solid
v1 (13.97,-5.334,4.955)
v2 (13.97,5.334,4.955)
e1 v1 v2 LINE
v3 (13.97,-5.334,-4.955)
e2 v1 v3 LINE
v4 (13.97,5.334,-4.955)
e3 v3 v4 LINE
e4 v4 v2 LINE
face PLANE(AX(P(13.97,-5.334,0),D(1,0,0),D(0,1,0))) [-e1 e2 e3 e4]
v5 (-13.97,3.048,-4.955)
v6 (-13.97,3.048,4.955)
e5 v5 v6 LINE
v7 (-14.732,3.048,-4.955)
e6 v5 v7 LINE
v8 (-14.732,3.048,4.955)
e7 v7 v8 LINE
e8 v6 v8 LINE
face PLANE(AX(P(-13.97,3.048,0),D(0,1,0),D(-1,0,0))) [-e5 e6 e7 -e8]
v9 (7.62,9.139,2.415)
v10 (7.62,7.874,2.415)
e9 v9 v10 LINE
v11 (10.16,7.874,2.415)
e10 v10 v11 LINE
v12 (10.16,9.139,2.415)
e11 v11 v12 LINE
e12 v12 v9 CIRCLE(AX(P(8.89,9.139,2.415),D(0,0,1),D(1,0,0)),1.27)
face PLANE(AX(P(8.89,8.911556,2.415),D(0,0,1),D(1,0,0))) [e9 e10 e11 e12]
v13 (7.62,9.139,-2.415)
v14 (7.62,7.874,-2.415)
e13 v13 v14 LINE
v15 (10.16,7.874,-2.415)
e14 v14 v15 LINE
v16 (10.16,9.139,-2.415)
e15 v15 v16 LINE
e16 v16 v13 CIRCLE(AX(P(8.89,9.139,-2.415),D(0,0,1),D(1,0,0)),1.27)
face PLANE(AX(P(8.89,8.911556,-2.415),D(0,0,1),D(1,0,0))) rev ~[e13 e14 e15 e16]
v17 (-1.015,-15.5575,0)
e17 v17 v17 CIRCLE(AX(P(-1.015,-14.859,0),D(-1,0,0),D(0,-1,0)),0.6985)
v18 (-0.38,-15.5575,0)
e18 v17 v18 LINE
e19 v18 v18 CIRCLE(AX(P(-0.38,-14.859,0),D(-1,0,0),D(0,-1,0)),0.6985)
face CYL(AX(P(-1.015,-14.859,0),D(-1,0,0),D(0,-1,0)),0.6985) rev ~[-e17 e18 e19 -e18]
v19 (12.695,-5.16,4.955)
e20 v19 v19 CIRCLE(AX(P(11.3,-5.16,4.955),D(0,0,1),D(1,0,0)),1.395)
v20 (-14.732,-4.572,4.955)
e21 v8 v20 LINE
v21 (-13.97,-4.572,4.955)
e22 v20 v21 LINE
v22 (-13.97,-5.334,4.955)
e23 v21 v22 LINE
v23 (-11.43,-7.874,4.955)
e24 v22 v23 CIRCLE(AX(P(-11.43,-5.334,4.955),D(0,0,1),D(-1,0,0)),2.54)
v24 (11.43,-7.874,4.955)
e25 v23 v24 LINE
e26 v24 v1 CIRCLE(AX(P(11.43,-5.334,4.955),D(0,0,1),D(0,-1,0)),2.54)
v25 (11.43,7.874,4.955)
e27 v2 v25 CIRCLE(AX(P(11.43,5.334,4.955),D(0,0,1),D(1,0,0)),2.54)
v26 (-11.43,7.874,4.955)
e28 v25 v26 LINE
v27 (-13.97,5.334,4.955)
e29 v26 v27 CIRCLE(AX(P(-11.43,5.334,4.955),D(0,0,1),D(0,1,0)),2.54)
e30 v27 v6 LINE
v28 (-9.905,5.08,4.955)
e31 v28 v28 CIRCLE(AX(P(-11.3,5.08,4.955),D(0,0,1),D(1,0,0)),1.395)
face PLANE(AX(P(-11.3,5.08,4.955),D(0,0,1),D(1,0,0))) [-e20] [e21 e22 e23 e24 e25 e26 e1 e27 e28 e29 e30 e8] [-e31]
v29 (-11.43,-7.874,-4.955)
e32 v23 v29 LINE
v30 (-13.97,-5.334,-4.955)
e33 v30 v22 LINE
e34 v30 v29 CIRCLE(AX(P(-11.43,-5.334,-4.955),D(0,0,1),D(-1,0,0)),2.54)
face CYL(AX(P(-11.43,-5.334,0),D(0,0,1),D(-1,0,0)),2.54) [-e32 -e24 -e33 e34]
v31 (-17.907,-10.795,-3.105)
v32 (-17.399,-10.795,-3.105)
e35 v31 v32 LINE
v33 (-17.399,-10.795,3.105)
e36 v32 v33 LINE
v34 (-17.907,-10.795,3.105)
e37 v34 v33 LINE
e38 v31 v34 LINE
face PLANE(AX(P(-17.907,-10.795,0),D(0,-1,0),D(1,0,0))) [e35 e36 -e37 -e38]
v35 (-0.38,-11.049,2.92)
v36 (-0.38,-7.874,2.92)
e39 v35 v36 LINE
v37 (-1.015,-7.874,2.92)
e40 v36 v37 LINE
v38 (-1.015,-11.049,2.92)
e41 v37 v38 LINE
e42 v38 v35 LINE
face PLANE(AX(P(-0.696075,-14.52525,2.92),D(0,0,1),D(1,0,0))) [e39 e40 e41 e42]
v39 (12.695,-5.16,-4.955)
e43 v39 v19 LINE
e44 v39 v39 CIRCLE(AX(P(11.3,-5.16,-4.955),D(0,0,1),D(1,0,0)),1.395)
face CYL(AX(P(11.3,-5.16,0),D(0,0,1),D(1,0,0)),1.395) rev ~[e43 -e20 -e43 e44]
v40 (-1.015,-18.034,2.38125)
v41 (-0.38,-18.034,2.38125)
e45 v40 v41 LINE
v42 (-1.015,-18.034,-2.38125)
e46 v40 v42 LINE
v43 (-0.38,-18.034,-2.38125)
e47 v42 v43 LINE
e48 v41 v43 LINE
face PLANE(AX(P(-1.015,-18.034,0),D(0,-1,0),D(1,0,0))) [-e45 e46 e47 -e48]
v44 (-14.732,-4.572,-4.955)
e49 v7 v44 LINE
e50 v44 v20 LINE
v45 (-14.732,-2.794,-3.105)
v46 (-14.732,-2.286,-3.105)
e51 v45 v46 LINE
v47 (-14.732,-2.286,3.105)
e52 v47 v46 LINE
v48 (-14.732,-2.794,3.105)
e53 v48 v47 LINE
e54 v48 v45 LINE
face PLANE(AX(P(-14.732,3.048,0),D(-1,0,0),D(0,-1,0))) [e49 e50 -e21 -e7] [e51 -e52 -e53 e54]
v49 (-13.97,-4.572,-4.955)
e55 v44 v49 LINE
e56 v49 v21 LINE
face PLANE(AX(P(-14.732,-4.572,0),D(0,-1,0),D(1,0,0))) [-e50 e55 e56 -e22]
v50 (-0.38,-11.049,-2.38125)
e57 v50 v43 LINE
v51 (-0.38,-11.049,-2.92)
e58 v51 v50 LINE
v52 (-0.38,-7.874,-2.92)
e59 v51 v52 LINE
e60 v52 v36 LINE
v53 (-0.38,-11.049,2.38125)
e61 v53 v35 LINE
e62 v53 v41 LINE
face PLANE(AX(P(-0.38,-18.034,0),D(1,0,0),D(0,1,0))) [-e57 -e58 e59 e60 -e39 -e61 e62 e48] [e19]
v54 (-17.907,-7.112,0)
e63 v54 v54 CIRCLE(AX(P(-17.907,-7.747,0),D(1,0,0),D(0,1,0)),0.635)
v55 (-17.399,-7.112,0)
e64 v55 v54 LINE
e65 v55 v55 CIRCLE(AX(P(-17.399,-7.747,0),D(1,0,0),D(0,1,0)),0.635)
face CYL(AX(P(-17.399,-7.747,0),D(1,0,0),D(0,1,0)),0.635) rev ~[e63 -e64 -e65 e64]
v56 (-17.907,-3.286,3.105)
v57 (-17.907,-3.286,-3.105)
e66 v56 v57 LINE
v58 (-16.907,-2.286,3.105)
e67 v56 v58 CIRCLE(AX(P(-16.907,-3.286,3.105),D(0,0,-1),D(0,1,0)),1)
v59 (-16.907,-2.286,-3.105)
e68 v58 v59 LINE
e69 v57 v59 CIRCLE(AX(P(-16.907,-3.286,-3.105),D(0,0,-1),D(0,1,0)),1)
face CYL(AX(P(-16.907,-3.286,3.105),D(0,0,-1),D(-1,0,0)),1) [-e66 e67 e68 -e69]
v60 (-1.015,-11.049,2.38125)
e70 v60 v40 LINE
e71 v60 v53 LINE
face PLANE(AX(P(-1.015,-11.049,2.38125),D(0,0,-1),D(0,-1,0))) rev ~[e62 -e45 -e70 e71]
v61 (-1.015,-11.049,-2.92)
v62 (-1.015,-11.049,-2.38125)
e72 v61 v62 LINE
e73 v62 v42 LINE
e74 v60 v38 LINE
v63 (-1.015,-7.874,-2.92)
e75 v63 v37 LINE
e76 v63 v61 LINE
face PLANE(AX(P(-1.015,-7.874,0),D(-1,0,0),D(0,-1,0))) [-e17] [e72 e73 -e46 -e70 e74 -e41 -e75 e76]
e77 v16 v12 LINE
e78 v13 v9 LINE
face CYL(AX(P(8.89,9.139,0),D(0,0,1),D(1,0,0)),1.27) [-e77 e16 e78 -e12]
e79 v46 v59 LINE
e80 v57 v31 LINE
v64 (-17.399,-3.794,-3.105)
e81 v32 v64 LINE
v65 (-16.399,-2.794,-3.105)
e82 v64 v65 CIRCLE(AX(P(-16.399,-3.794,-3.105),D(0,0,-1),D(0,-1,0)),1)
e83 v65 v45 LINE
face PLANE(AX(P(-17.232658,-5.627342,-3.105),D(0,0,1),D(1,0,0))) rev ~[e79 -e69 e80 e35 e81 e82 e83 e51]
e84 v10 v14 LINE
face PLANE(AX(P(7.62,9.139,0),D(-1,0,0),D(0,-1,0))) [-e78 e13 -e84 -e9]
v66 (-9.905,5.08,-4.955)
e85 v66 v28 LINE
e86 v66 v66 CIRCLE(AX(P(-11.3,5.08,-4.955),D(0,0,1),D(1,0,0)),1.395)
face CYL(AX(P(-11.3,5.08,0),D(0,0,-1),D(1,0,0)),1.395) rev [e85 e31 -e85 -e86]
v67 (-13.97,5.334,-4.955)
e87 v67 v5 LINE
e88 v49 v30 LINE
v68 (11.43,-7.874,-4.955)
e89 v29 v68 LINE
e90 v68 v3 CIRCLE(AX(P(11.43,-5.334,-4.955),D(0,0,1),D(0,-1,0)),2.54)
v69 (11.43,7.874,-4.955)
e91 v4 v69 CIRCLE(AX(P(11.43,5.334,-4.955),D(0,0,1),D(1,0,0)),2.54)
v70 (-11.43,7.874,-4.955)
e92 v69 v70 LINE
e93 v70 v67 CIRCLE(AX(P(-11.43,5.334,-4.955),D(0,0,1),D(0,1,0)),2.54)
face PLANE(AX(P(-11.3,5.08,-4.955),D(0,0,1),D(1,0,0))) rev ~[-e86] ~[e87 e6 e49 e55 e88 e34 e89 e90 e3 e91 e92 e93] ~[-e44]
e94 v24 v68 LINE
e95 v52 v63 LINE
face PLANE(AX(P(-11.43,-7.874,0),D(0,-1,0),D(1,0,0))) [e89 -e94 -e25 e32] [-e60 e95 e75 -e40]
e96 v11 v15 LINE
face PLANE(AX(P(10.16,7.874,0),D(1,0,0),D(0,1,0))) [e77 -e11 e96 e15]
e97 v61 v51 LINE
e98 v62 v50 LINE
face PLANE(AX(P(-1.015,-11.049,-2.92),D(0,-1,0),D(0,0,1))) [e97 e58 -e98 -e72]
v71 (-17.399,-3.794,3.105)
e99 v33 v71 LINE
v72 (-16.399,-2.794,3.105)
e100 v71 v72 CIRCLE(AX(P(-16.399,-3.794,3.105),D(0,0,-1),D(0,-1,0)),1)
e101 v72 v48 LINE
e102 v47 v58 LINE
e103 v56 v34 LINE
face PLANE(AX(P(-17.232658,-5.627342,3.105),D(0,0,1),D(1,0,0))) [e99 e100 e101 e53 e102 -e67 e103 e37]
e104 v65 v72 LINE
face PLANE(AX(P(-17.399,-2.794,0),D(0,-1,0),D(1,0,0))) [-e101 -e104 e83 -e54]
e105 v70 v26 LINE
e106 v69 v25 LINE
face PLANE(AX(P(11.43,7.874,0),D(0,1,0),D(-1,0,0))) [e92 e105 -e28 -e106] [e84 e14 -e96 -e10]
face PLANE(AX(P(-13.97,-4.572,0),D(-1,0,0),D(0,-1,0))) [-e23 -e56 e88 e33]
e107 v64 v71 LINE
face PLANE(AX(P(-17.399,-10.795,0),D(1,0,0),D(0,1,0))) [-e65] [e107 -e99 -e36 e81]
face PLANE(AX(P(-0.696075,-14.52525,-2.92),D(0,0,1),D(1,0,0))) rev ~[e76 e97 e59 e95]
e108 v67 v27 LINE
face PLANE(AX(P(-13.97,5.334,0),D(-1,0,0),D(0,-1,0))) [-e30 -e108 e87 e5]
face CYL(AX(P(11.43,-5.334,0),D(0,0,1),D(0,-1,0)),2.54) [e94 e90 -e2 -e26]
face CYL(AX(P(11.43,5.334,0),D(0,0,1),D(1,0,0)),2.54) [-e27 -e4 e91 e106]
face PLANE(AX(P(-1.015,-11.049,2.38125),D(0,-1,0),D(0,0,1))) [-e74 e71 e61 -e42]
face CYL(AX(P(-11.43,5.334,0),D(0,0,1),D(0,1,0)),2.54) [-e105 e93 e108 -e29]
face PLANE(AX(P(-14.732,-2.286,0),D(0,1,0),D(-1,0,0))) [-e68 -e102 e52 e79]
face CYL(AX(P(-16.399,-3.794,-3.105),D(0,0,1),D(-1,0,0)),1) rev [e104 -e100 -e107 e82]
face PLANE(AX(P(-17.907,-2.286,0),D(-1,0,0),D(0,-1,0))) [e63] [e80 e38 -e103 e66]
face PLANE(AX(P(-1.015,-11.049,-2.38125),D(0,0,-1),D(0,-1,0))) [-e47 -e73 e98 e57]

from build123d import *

# Parameters (mm, degrees)
SKETCH1_R      = 1.395
EXTRUDE1_DEPTH = 4.955
EXTRUDE2_DEPTH = 3.105
EXTRUDE3_DEPTH = 2.415
EXTRUDE4_DEPTH = 2.92
EXTRUDE5_REACH = 16.985
SKETCH5_W      = 6.985
SKETCH5_H      = 0.53875
SKETCH5_R      = 0.6985
SKETCH6_R      = 0.635
EXTRUDE7_DEPTH = 1.508
SKETCH_R       = 1.395
EXTRUDE8_DEPTH = 7.92
FILLET1_R      = 1


with BuildPart() as part:
    # Sketch1 → Extrude1 (new body, symmetric)
    with BuildSketch(Plane.XY):
        with Locations((-11.3, 5.08)):
            Circle(SKETCH1_R)
        with BuildLine():
            Line((13.97, -5.334), (13.97, 5.334))
            ThreePointArc((13.97, 5.334), (13.226051224, 7.130051224), (11.43, 7.874))
            Line((11.43, 7.874), (-11.43, 7.874))
            ThreePointArc((-11.43, 7.874), (-13.226051224, 7.130051224), (-13.97, 5.334))
            Line((-13.97, 5.334), (-13.97, 3.048))
            Line((-13.97, 3.048), (-14.732, 3.048))
            Line((-14.732, 3.048), (-14.732, -4.572))
            Line((-14.732, -4.572), (-13.97, -4.572))
            Line((-13.97, -4.572), (-13.97, -5.334))
            ThreePointArc((-13.97, -5.334), (-13.226051224, -7.130051224), (-11.43, -7.874))
            Line((-11.43, -7.874), (11.43, -7.874))
            ThreePointArc((11.43, -7.874), (13.226051224, -7.130051224), (13.97, -5.334))
        make_face()
        with Locations((11.3, -5.16)):
            Circle(SKETCH1_R, mode=Mode.SUBTRACT)
        with Locations((-11.3, 5.08)):
            Circle(SKETCH1_R, mode=Mode.SUBTRACT)
        with Locations((11.3, -5.16)):
            Circle(SKETCH1_R)
    extrude(amount=EXTRUDE1_DEPTH, both=True)

    # Sketch2 → Extrude2 (add, symmetric)
    with BuildSketch(Plane.XY):
        Polygon((-17.907, -2.286), (-17.907, -10.795), (-17.399, -10.795), (-17.399, -2.794), (-14.732, -2.794), (-14.732, -2.286), align=None)
    extrude(amount=EXTRUDE2_DEPTH, both=True)

    # Sketch3 → Extrude3 (add, symmetric)
    with BuildSketch(Plane.XY):
        with BuildLine():
            Line((10.16, 7.874), (10.16, 9.139))
            ThreePointArc((10.16, 9.139), (8.89, 10.409), (7.62, 9.139))
            Line((7.62, 9.139), (7.62, 7.874))
            Line((7.62, 7.874), (10.16, 7.874))
        make_face()
    extrude(amount=EXTRUDE3_DEPTH, both=True)

    # Sketch4 → Extrude4 (add, symmetric)
    with BuildSketch(Plane.XY):
        Polygon((-0.38, -18.034), (-0.38, -10.984), (-1.015, -11.05270614), (-1.015, -18.034), align=None)
        Polygon((-1.015, -11.05270614), (-0.38, -10.984), (-0.38, -7.874), (-1.015, -7.874), (-1.015, -10.414), align=None)
    extrude(amount=EXTRUDE4_DEPTH, both=True)

    # Sketch5 → Extrude5 (cut, up to next)
    with BuildSketch(Plane(origin=(-1.015, -13.250765139, 0), x_dir=(0, -1, 0), z_dir=(-1, 0, 0)), mode=Mode.PRIVATE) as extrude5_sk1:
        with Locations((1.290734861, -2.650625)):
            Rectangle(SKETCH5_W, SKETCH5_H)
    extrude5_tool1 = extrude(extrude5_sk1.sketch, amount=-EXTRUDE5_REACH, mode=Mode.PRIVATE) & part.part
    add(extrude5_tool1.solids().sort_by_distance((-1.015, -14.5415, -2.650625))[0], mode=Mode.SUBTRACT)
    # Sketch5 → Extrude5 (cut, up to next)
    with BuildSketch(Plane(origin=(-1.015, -13.250765139, 0), x_dir=(0, -1, 0), z_dir=(-1, 0, 0)), mode=Mode.PRIVATE) as extrude5_sk2:
        with Locations((1.290734861, 2.650625)):
            Rectangle(SKETCH5_W, SKETCH5_H)
    extrude5_tool2 = extrude(extrude5_sk2.sketch, amount=-EXTRUDE5_REACH, mode=Mode.PRIVATE) & part.part
    add(extrude5_tool2.solids().sort_by_distance((-1.015, -14.5415, 2.650625))[0], mode=Mode.SUBTRACT)
    # Sketch5 → Extrude5 (cut, up to next)
    with BuildSketch(Plane(origin=(-1.015, -13.250765139, 0), x_dir=(0, -1, 0), z_dir=(-1, 0, 0)), mode=Mode.PRIVATE) as extrude5_sk3:
        with Locations((1.608234861, 0)):
            Circle(SKETCH5_R)
    extrude5_tool3 = extrude(extrude5_sk3.sketch, amount=-EXTRUDE5_REACH, mode=Mode.PRIVATE) & part.part
    add(extrude5_tool3.solids().sort_by_distance((-1.015, -14.859, 0))[0], mode=Mode.SUBTRACT)

    # Sketch6 → Extrude7 (cut, through all)
    with BuildSketch(Plane(origin=(-17.399, 14.605, 0), x_dir=(0, 1, 0), z_dir=(1, 0, 0))):
        with Locations((-22.352, 0)):
            Circle(SKETCH6_R)
    extrude(amount=-EXTRUDE7_DEPTH, mode=Mode.SUBTRACT)

    # Sketch → Extrude8 (cut, symmetric)
    with BuildSketch(Plane.XY):
        with Locations((-11.3, 5.08)):
            Circle(SKETCH_R)
        with Locations((11.3, -5.16)):
            Circle(SKETCH_R)
    extrude(amount=EXTRUDE8_DEPTH, both=True, mode=Mode.SUBTRACT)

    # Fillet1
    fillet1_edges = [part.edges().sort_by_distance(p)[0] for p in [
        (-17.907, -2.286, 0),
        (-17.399, -2.794, 0),
    ]]
    fillet(fillet1_edges, radius=FILLET1_R)


solid = part.part
